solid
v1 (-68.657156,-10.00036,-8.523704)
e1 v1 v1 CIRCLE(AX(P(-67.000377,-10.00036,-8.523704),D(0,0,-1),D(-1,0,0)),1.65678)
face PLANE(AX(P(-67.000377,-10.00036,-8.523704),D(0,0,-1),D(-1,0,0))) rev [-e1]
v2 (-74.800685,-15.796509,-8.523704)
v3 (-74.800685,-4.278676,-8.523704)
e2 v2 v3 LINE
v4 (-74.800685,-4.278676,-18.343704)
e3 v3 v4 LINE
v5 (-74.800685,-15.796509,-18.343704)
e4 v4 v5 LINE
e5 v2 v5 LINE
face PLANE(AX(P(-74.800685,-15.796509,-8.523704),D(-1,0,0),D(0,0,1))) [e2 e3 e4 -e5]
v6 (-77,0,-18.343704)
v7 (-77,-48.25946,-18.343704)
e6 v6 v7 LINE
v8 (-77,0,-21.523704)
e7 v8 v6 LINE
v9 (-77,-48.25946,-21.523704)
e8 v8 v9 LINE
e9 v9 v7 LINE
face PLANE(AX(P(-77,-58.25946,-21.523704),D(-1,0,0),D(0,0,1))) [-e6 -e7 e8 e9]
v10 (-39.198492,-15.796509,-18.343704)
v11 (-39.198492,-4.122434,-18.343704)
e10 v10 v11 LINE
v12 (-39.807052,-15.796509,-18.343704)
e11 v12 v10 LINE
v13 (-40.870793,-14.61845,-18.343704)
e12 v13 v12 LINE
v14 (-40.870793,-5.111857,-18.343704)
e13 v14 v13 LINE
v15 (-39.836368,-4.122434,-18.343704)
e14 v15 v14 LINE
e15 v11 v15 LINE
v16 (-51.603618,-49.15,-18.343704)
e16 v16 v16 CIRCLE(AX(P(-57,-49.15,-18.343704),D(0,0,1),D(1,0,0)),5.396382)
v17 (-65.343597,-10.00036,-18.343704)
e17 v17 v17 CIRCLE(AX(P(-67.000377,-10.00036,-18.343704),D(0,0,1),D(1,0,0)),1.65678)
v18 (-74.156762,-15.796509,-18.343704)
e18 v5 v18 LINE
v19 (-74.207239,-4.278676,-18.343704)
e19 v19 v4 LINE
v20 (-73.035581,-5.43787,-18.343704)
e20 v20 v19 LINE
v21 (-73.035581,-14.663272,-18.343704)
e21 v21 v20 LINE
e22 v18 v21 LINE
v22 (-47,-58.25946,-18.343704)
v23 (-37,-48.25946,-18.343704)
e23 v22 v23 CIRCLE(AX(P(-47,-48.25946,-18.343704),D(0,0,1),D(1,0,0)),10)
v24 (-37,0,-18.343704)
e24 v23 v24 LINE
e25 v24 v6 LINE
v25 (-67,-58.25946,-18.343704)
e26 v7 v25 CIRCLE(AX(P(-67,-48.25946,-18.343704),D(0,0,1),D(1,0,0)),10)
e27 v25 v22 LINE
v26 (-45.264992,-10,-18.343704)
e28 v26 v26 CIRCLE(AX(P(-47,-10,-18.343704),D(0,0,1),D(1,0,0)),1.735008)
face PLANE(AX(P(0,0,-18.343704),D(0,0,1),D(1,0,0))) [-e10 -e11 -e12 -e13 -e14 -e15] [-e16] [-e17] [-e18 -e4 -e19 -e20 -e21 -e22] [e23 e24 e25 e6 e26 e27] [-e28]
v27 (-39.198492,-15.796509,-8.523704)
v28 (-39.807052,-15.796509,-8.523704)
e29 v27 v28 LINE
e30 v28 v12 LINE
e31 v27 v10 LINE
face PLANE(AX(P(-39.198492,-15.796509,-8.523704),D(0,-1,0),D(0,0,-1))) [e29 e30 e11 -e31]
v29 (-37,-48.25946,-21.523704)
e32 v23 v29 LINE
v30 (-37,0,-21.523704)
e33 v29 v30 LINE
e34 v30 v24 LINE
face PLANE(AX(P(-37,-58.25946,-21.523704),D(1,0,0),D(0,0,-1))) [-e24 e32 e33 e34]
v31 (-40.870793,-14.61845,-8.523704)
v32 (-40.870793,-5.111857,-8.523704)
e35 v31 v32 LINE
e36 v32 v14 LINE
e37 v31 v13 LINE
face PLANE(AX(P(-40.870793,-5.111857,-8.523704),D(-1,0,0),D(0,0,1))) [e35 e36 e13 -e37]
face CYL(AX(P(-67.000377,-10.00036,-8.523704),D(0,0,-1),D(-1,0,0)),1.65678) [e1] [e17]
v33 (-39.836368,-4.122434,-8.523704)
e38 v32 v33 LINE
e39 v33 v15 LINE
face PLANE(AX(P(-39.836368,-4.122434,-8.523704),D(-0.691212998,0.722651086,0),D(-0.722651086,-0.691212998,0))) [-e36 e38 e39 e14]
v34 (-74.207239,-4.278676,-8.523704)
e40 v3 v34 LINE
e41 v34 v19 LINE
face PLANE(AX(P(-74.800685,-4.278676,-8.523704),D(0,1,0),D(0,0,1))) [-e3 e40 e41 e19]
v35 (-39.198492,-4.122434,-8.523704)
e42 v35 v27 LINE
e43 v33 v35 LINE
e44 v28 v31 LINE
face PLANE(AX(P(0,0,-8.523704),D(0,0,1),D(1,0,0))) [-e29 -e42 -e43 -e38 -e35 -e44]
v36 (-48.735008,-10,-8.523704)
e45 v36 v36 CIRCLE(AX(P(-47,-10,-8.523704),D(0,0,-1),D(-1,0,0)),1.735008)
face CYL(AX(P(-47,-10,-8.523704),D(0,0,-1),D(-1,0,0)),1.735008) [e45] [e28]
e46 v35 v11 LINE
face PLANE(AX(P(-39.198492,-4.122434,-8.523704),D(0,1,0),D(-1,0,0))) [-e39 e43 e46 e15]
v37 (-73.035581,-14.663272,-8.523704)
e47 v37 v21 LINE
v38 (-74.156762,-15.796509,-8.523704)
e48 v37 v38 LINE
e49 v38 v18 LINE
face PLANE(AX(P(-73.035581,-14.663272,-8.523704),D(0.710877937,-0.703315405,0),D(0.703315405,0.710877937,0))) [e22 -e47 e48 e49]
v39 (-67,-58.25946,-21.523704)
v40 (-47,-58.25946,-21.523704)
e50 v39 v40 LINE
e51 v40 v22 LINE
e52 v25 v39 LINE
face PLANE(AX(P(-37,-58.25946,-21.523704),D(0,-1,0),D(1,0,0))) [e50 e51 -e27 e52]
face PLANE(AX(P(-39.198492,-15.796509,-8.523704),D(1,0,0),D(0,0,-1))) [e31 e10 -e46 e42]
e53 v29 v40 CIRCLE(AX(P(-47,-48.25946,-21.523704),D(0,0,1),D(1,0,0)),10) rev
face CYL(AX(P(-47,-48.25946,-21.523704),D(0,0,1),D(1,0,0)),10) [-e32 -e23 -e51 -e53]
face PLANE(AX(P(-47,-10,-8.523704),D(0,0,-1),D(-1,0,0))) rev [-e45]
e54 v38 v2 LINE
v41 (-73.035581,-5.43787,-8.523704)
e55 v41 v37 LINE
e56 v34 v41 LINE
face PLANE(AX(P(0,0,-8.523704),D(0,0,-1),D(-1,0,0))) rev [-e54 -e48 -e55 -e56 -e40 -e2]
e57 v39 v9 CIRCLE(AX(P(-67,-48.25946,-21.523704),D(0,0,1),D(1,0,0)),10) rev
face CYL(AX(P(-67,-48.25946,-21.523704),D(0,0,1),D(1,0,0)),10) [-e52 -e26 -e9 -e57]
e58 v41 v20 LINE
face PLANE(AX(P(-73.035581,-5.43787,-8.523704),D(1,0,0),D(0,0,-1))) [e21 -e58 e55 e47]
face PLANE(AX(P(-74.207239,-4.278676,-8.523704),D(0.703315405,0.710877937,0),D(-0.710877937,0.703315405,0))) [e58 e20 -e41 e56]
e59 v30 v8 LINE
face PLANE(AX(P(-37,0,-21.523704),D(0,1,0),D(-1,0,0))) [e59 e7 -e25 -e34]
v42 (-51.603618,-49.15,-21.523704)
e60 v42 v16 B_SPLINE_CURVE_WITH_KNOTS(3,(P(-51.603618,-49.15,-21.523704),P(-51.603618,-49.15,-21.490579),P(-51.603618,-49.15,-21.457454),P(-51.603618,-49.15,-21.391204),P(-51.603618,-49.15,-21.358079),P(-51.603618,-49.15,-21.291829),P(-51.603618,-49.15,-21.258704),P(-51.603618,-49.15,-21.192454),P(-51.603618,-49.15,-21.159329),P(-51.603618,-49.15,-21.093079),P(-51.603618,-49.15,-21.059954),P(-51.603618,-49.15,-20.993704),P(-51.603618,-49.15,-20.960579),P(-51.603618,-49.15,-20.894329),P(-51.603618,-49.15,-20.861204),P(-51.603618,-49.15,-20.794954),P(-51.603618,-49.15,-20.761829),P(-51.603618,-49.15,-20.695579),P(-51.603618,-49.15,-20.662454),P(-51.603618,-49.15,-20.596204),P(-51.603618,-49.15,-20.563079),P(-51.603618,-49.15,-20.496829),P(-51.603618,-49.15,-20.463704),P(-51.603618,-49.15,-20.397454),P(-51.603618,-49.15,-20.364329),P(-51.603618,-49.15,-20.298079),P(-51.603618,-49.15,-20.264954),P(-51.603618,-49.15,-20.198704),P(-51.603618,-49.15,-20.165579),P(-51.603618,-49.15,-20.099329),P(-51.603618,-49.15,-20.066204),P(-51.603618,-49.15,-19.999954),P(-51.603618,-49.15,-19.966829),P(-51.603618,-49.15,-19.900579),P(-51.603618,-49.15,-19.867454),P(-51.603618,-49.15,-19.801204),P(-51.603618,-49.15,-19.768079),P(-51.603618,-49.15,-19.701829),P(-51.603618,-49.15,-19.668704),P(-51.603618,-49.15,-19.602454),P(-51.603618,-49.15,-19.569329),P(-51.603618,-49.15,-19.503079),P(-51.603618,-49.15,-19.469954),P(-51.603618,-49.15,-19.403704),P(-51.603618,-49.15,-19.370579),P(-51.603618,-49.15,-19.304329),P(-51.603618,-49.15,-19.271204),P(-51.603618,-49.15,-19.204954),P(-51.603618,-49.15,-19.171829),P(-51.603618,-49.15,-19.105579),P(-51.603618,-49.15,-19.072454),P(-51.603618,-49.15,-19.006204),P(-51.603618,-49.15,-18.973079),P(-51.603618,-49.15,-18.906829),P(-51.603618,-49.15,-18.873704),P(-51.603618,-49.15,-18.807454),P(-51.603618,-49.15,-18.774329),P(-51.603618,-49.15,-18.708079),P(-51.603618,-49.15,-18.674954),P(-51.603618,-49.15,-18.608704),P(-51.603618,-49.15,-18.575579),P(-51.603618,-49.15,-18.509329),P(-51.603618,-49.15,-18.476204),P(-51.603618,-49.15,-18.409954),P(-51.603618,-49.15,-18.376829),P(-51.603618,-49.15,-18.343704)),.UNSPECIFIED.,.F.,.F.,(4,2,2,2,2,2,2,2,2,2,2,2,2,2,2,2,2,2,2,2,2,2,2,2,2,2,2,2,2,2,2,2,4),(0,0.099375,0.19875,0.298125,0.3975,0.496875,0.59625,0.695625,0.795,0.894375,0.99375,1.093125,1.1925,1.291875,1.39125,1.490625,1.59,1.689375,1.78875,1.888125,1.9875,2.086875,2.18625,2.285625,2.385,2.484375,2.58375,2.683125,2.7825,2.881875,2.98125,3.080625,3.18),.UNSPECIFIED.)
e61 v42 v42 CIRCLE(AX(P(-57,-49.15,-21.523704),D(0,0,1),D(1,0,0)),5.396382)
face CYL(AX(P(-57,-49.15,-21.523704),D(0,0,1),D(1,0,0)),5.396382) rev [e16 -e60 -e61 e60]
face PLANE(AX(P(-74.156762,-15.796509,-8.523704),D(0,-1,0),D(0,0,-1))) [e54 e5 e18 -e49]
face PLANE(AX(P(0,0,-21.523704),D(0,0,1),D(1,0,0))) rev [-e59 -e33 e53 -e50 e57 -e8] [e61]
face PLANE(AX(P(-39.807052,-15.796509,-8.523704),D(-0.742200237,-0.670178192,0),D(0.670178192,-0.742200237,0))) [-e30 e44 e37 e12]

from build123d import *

# Parameters (mm, degrees)
BOSS_EXTRUDE1_START = -18.343704
SKETCH1_W           = 40
SKETCH1_H           = 58.259460065
SKETCH1_R           = 5.396381747
BOSS_EXTRUDE1_DEPTH = 3.18
FILLET1_R           = 10
SKETCH2_R           = 1.735008093
SKETCH2_R_2         = 1.656779544
BOSS_EXTRUDE2_DEPTH = 13


with BuildPart() as part:
    # Sketch1 → Boss-Extrude1 (new body)
    with BuildSketch(Plane.XY.offset(BOSS_EXTRUDE1_START)):
        with Locations((-57, -29.129730033)):
            Rectangle(SKETCH1_W, SKETCH1_H)
        with Locations((-57, -49.150000002)):
            Circle(SKETCH1_R, mode=Mode.SUBTRACT)
    extrude(amount=-BOSS_EXTRUDE1_DEPTH)

    # Fillet1
    fillet1_edges = [part.edges().sort_by_distance(p)[0] for p in [
        (-37, -58.259460066, -19.933704),
        (-77, -58.259460066, -19.933704),
    ]]
    fillet(fillet1_edges, radius=FILLET1_R)

    # Sketch2 → Boss-Extrude2 (add)
    with BuildSketch(Plane(origin=(0, 0, -21.523704006), x_dir=(-1, 0, 0), z_dir=(0, 0, -1))):
        with Locations((47.000000001, -10.000000002)):
            Circle(SKETCH2_R)
        with Locations((67.000376739, -10.000360351)):
            Circle(SKETCH2_R_2)
        Polygon((74.800685175, -15.79650853), (74.800685175, -4.278676416), (74.207239255, -4.278676416), (73.035580783, -5.437870437), (73.035580783, -14.663272101), (74.156761506, -15.79650853), align=None)
        Polygon((39.198491865, -15.79650853), (39.198491865, -4.122433506), (39.836367638, -4.122433506), (40.870792952, -5.11185736), (40.870792952, -14.618450275), (39.807051778, -15.79650853), align=None)
    extrude(amount=-BOSS_EXTRUDE2_DEPTH)


solid = part.part
